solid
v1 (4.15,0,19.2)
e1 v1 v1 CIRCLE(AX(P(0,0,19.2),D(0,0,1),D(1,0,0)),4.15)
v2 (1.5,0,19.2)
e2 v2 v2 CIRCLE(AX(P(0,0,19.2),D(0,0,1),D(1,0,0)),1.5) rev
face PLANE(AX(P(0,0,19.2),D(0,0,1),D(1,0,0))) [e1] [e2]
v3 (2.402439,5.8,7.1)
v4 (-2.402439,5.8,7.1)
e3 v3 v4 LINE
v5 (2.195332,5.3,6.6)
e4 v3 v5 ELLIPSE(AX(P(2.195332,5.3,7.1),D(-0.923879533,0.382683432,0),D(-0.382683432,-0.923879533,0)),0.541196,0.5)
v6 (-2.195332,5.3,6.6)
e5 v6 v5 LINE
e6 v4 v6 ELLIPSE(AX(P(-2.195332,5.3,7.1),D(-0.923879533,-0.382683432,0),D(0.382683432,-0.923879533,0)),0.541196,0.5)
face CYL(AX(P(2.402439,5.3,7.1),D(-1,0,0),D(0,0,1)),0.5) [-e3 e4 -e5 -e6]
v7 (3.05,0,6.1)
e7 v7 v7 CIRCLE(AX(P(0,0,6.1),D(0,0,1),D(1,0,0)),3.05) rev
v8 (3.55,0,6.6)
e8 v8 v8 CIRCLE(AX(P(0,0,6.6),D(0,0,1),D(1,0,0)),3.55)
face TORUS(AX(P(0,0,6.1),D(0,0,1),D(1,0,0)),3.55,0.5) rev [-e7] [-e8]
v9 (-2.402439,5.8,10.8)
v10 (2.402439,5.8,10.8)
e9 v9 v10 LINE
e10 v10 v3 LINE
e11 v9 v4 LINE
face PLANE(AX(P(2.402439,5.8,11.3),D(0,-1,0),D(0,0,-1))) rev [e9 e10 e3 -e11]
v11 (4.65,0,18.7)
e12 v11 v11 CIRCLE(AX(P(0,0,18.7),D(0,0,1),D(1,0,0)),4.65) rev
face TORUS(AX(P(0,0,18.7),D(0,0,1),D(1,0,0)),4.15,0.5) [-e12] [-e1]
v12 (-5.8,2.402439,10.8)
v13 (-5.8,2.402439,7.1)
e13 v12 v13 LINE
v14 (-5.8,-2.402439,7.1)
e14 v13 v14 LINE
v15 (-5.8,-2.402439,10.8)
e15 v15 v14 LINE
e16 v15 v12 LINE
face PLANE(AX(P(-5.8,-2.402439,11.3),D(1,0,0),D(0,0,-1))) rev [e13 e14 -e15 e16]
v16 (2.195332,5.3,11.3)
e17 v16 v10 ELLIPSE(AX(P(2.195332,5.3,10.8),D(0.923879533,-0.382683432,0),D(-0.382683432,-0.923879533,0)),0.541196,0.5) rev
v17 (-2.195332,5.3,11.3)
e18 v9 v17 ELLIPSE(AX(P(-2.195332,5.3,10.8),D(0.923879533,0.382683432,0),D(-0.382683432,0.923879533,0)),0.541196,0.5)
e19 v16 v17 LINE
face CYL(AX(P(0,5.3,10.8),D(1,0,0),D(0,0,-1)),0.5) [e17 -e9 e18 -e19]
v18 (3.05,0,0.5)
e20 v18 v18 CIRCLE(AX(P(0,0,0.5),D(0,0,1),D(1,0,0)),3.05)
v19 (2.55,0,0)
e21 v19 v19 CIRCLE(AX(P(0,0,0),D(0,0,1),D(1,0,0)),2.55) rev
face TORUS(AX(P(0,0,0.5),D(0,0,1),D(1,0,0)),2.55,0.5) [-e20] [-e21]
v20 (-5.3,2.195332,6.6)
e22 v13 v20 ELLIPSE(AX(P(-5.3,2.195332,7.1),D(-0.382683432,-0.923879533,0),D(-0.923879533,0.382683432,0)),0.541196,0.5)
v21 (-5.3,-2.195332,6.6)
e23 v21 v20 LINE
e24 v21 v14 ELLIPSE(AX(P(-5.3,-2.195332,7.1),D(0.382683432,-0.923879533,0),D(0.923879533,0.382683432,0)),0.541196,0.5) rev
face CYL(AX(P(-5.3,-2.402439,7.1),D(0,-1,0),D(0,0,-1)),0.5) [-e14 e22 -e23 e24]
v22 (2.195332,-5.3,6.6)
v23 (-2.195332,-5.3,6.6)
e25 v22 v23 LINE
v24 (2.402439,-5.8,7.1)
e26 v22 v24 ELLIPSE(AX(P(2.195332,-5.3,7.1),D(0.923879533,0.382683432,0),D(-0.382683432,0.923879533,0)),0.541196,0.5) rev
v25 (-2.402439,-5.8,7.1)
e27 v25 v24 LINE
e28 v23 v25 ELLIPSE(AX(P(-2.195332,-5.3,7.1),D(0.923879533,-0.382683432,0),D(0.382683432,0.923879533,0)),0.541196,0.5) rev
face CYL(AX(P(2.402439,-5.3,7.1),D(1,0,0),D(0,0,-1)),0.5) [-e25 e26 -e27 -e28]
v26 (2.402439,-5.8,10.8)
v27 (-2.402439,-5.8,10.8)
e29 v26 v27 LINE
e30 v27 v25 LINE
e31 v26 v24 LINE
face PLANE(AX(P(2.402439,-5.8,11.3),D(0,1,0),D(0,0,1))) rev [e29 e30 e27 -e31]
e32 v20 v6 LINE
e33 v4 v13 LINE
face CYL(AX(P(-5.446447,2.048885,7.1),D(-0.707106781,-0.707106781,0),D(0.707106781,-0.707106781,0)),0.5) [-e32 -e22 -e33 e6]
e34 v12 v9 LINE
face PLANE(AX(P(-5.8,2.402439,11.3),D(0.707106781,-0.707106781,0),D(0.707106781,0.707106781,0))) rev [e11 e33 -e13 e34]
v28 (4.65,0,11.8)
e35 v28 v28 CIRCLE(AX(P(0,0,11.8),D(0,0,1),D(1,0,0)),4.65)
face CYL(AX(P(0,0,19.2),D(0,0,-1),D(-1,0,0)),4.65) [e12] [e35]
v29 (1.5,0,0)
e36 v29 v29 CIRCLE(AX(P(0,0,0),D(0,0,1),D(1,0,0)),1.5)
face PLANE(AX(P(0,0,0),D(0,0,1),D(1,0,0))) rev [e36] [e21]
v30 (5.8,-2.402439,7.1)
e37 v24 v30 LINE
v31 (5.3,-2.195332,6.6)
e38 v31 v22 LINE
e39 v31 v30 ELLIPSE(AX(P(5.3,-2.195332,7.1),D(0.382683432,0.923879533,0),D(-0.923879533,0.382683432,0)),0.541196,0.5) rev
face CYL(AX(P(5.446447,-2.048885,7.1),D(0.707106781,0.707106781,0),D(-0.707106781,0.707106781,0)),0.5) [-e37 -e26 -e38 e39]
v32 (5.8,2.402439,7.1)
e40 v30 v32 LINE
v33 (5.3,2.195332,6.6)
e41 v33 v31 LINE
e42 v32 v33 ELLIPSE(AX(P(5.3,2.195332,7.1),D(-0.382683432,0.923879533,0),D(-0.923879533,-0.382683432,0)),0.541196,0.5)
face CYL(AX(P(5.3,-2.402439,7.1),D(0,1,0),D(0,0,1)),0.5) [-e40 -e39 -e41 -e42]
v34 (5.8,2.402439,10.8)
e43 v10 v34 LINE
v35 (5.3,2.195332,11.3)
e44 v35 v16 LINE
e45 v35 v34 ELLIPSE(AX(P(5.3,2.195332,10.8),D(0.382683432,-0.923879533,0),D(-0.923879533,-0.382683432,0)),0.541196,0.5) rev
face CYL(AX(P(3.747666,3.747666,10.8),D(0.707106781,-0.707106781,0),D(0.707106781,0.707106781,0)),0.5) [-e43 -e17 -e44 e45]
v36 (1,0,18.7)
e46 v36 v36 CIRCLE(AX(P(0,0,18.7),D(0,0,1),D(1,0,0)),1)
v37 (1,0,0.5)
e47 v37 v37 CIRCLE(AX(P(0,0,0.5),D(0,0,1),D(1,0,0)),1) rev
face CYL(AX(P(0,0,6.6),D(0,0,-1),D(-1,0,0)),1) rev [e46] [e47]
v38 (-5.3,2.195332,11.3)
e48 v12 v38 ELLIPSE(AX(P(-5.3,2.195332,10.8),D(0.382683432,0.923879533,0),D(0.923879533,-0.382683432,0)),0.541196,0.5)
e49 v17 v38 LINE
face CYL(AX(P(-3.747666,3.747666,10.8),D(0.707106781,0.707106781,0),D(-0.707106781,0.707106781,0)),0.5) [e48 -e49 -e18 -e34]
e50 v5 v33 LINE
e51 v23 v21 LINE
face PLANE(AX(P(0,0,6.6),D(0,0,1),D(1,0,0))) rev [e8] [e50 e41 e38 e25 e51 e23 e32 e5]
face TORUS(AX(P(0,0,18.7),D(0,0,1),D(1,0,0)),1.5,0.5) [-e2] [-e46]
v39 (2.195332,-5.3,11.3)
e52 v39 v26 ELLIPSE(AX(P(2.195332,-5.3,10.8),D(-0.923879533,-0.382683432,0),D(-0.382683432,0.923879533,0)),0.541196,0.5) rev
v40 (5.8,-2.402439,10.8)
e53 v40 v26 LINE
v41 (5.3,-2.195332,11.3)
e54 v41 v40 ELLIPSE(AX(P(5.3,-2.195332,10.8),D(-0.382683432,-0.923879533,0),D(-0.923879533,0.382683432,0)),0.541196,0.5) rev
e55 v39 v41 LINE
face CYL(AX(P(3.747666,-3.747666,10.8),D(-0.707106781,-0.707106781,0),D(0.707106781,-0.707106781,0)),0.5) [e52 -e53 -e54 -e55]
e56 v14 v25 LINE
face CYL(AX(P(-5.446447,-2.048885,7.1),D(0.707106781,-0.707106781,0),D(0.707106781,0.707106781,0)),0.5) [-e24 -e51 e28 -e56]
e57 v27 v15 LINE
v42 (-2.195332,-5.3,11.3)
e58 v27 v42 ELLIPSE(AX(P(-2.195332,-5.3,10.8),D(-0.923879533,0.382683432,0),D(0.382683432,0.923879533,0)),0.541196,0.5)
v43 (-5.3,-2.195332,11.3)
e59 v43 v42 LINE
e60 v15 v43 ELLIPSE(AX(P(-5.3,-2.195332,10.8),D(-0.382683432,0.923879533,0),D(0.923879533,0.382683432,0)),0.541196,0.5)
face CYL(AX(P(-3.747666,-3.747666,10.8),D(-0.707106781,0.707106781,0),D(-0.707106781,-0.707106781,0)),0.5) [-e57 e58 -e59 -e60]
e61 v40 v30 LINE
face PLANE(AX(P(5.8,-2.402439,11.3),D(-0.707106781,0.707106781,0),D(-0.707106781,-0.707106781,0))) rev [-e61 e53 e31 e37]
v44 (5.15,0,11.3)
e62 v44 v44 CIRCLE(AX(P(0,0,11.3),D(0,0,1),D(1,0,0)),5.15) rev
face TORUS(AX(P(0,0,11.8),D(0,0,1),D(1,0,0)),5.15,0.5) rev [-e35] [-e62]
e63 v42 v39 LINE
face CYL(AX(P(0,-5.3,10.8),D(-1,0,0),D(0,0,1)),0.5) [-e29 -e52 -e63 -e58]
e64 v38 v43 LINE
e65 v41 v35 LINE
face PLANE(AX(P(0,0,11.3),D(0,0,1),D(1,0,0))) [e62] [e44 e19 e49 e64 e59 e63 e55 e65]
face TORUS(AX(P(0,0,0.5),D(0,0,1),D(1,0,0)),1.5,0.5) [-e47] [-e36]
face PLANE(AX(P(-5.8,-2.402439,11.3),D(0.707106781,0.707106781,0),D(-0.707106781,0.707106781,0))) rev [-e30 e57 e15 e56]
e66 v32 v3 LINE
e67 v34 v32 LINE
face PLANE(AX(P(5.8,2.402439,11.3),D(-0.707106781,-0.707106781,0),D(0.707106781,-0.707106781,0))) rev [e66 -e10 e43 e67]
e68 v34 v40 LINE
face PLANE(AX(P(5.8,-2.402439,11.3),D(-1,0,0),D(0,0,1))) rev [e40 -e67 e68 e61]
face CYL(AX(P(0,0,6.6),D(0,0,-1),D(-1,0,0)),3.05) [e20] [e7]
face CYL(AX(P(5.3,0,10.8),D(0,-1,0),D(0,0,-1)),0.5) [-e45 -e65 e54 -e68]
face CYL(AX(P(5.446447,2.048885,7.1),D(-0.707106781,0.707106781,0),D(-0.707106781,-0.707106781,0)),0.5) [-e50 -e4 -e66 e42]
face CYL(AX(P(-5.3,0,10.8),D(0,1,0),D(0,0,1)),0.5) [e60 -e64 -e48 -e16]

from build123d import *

# Parameters (mm, degrees)
SKETCH1_R           = 3.05
SKETCH1_R_2         = 1
BOSS_EXTRUDE1_DEPTH = 6.6
SKETCH2_R           = 1
BOSS_EXTRUDE2_DEPTH = 4.7
SKETCH3_R           = 4.65
SKETCH3_R_2         = 1
BOSS_EXTRUDE3_DEPTH = 7.9
FILLET1_R           = 0.5


with BuildPart() as part:
    # Sketch1 → Boss-Extrude1 (new body)
    with BuildSketch(Plane.XY):
        Circle(SKETCH1_R)
        Circle(SKETCH1_R_2, mode=Mode.SUBTRACT)
    extrude(amount=BOSS_EXTRUDE1_DEPTH)

    # Sketch2 → Boss-Extrude2 (add)
    with BuildSketch(Plane.XY.offset(6.6)):
        Polygon((5.8, -2.402438662), (5.8, 2.402438662), (2.402438662, 5.8), (-2.402438662, 5.8), (-5.8, 2.402438662), (-5.8, -2.402438662), (-2.402438662, -5.8), (2.402438662, -5.8), align=None)
        Circle(SKETCH2_R, mode=Mode.SUBTRACT)
    extrude(amount=BOSS_EXTRUDE2_DEPTH)

    # Sketch3 → Boss-Extrude3 (add)
    with BuildSketch(Plane.XY.offset(11.3)):
        Circle(SKETCH3_R)
        Circle(SKETCH3_R_2, mode=Mode.SUBTRACT)
    extrude(amount=BOSS_EXTRUDE3_DEPTH)

    # Fillet1
    fillet1_edges = [part.edges().sort_by_distance(p)[0] for p in [
        (-4.101219331, 4.101219331, 11.3),
        (-5.8, 0, 11.3),
        (-4.101219331, -4.101219331, 11.3),
        (0, -5.8, 11.3),
        (4.101219331, -4.101219331, 11.3),
        (5.8, 0, 11.3),
        (4.101219331, 4.101219331, 11.3),
        (0, 5.8, 11.3),
        (-4.101219331, 4.101219331, 6.6),
        (-5.8, 0, 6.6),
        (-4.101219331, -4.101219331, 6.6),
        (0, -5.8, 6.6),
        (4.101219331, -4.101219331, 6.6),
        (5.8, 0, 6.6),
        (4.101219331, 4.101219331, 6.6),
        (0, 5.8, 6.6),
        (-3.05, 0, 0),
        (-4.65, 0, 11.3),
        (-4.65, 0, 19.2),
        (-1, 0, 19.2),
        (-3.05, 0, 6.6),
        (-1, 0, 0),
    ]]
    fillet(fillet1_edges, radius=FILLET1_R)


solid = part.part
